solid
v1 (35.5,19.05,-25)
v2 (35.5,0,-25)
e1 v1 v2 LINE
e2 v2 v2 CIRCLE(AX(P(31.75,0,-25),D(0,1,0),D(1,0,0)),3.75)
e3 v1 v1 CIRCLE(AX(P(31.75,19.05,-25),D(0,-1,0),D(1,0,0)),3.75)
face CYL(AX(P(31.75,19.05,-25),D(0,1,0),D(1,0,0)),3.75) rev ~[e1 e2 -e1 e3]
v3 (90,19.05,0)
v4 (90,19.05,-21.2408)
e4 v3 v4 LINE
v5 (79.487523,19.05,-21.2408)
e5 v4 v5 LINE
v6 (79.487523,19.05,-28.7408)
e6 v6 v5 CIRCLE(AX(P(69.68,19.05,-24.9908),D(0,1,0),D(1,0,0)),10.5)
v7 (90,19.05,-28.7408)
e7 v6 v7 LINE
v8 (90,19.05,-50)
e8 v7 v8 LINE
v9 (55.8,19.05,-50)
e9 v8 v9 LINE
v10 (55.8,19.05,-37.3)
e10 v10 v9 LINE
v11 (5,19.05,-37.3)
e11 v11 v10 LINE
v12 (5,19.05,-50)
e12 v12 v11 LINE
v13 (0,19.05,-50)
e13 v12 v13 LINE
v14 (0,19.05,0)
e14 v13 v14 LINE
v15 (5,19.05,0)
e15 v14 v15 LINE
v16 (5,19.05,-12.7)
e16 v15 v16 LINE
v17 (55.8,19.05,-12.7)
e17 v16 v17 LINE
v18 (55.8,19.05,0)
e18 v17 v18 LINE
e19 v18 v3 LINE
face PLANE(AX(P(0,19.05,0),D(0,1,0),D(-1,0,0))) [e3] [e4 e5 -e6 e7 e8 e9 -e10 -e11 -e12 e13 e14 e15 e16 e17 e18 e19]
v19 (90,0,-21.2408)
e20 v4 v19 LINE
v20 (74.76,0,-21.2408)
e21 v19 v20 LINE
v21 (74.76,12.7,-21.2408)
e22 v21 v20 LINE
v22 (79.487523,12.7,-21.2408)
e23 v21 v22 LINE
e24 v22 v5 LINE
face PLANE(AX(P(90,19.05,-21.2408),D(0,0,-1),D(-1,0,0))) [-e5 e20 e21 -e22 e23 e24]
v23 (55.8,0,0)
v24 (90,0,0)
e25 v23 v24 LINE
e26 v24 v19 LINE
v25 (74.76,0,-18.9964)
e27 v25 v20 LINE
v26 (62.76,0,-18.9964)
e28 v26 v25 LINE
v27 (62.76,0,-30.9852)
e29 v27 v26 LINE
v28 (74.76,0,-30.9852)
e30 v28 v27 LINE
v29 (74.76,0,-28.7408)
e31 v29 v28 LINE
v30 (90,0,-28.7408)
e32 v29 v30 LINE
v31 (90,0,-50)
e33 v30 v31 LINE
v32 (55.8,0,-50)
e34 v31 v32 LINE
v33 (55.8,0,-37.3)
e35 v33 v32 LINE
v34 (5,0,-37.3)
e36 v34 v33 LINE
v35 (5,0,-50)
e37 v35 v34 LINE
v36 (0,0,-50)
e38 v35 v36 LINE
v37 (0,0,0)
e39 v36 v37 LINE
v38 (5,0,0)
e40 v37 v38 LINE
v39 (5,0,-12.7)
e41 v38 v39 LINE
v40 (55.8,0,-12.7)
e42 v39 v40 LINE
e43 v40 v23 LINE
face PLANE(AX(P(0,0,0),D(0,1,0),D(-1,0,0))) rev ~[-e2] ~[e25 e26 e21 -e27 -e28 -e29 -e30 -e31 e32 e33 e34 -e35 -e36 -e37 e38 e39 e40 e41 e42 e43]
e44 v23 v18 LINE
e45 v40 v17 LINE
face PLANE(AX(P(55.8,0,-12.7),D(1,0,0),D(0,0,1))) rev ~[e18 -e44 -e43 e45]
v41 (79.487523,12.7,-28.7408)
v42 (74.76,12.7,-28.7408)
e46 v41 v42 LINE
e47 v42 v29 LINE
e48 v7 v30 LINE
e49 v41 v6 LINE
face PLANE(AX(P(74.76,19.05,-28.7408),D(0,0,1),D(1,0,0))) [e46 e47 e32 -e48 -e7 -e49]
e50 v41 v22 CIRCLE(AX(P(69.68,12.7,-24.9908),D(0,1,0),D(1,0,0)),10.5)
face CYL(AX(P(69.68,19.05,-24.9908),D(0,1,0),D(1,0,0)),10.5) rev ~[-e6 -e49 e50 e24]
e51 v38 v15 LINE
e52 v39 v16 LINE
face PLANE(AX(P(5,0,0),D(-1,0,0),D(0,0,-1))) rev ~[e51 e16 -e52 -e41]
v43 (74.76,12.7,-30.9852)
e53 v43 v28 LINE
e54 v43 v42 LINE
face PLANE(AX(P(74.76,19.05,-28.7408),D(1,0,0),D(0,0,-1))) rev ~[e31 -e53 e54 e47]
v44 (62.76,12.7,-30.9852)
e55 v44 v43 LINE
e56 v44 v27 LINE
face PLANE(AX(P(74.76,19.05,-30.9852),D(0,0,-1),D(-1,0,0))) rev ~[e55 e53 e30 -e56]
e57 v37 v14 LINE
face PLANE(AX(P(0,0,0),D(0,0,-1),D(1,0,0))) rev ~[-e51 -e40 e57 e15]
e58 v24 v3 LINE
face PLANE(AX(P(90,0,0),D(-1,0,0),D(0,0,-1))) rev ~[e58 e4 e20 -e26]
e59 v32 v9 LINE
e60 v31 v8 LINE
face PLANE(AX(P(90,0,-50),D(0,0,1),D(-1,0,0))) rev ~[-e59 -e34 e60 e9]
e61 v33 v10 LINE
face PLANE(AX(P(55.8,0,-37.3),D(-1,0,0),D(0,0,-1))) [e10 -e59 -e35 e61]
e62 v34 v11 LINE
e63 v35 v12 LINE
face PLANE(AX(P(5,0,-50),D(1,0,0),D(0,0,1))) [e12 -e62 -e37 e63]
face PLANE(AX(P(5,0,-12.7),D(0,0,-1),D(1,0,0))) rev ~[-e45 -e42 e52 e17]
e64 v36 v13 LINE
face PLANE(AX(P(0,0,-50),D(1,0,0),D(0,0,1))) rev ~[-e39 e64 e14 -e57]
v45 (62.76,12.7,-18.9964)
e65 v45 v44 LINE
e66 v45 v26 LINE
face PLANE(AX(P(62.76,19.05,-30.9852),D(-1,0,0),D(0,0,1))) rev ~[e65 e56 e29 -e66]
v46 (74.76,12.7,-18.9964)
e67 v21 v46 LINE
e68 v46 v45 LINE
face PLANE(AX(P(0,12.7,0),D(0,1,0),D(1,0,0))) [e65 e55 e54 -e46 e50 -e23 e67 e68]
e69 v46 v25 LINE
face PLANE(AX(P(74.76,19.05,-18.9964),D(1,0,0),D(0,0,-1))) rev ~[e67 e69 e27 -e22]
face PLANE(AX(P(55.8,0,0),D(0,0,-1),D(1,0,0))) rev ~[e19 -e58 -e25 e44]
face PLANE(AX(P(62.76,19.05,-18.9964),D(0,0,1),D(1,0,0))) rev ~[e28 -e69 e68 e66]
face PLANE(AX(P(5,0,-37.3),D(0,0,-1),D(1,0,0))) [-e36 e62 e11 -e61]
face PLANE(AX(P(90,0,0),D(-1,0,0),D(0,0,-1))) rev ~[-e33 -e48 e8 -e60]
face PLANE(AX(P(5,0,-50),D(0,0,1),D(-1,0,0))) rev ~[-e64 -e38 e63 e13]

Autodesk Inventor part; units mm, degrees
ref_plane "YZ Plane" through (0, 0, 0) normal (1, 0, 0) x (0, 1, 0)
ref_plane "XZ Plane" through (0, 0, 0) normal (0, 1, 0) x (-1, 0, 0)
ref_plane "XY Plane" through (0, 0, 0) normal (0, 0, 1) x (1, 0, 0)
sketch "Sketch1" plane through (0, 0, 0) normal (0, 1, 0) x (-1, 0, 0)
  line L0 (0, 0) -> (-90, 0)
  line L1 (-90, 0) -> (-90, -50)
  line L2 (-90, -50) -> (0, -50)
  line L3 (0, -50) -> (0, 0)
  line L4 (0, 0) -> (-5, 0)
  line L5 (0, -50) -> (-5, -50)
  line L6 (-5, -50) -> (-5, -37.3)
  line L7 (-5, 0) -> (-5, -12.7)
  line L8 (-5, -12.7) -> (-55.8, -12.7)
  line L9 (-55.8, -12.7) -> (-55.8, 0)
  line L10 (-55.8, 0) -> (-5, 0)
  line L11 (-5, 0) -> (-5, -12.7)
  line L12 (-5, -37.3) -> (-55.8, -37.3)
  line L13 (-55.8, -37.3) -> (-55.8, -50)
  line L14 (-55.8, -50) -> (-5, -50)
  line L15 (-5, -50) -> (-5, -37.3)
  dimension "d0" = 90
  dimension "d1" = 50
  dimension "d4" = 5
  dimension "d5" = 5
  dimension "d6" = 12.7
  dimension "d7" = 12.7
  dimension "d8" = 50.8
  dimension "d9" = 12.7
  dimension "d10" = 50.8
  dimension "d11" = 12.7
extrude "Extrusion2" add sketch "Sketch1" along normal blind 19.05 contours L3 L2 L6 L12 L13 L1 L0 L9 L8 L7
sketch "Sketch3" plane through (0, 19.05, 0) normal (0, 1, 0) x (1, 0, 0)
  line L0 (90, 0) -> (90, 50) projected
  line L1 (90, 25) -> (74.76, 25)
  line L2 (90, 25) -> (90, 28.75)
  line L3 (90, 25) -> (90, 21.2408)
  line L4 (90, 21.2408) -> (74.76, 21.2408)
  line L5 (74.76, 21.2408) -> (74.76, 28.7408)
  line L6 (74.76, 28.7408) -> (90, 28.7408)
  line L7 (90, 28.7408) -> (90, 21.2408)
  point P0 (0, 0)
  dimension "d18" = 15.24
  dimension "d19" = 3.75
  dimension "d20" = 3.7592
  dimension "d21" = 15.24
  dimension "d22" = 7.5
extrude "Extrusion4" cut sketch "Sketch3" against normal blind 19.05
sketch "Sketch4" plane through (0, 19.05, 0) normal (0, 1, 0) x (1, 0, 0)
  line L0 (74.76, 28.7408) -> (74.76, 21.2408) projected
  line L1 (74.76, 24.9908) -> (74.76, 30.9852)
  line L2 (74.76, 30.9852) -> (62.76, 30.9852)
  line L3 (62.76, 30.9852) -> (62.76, 18.9964)
  line L4 (62.76, 18.9964) -> (74.76, 18.9964)
  line L5 (74.76, 18.9964) -> (74.76, 30.9852)
  point P0 (0, 0)
  dimension "d25" = 5.9944
  dimension "d26" = 12
  dimension "d27" = 11.9888
extrude "Extrusion5" cut sketch "Sketch4" against normal blind 19.05
sketch "Sketch5" plane through (0, 19.05, 0) normal (0, 1, 0) x (1, 0, 0)
  circle A0 centre (69.68, 24.9908) radius 10.5
  point P0 (0, 0)
  dimension "d30" = 21
extrude "Extrusion6" cut sketch "Sketch5" against normal blind 6.35
sketch "Sketch6" plane through (0, 19.05, 0) normal (0, 1, 0) x (1, 0, 0)
  line L0 (0, 50) -> (0, 0) projected
  line L1 (0, 25) -> (31.75, 25)
  circle A0 centre (31.75, 25) radius 3.75
  dimension "d33" = 31.75
  dimension "d34" = 7.5
extrude "Extrusion7" cut sketch "Sketch6" against normal blind 19.05
properties part number "Maglev_holder"
